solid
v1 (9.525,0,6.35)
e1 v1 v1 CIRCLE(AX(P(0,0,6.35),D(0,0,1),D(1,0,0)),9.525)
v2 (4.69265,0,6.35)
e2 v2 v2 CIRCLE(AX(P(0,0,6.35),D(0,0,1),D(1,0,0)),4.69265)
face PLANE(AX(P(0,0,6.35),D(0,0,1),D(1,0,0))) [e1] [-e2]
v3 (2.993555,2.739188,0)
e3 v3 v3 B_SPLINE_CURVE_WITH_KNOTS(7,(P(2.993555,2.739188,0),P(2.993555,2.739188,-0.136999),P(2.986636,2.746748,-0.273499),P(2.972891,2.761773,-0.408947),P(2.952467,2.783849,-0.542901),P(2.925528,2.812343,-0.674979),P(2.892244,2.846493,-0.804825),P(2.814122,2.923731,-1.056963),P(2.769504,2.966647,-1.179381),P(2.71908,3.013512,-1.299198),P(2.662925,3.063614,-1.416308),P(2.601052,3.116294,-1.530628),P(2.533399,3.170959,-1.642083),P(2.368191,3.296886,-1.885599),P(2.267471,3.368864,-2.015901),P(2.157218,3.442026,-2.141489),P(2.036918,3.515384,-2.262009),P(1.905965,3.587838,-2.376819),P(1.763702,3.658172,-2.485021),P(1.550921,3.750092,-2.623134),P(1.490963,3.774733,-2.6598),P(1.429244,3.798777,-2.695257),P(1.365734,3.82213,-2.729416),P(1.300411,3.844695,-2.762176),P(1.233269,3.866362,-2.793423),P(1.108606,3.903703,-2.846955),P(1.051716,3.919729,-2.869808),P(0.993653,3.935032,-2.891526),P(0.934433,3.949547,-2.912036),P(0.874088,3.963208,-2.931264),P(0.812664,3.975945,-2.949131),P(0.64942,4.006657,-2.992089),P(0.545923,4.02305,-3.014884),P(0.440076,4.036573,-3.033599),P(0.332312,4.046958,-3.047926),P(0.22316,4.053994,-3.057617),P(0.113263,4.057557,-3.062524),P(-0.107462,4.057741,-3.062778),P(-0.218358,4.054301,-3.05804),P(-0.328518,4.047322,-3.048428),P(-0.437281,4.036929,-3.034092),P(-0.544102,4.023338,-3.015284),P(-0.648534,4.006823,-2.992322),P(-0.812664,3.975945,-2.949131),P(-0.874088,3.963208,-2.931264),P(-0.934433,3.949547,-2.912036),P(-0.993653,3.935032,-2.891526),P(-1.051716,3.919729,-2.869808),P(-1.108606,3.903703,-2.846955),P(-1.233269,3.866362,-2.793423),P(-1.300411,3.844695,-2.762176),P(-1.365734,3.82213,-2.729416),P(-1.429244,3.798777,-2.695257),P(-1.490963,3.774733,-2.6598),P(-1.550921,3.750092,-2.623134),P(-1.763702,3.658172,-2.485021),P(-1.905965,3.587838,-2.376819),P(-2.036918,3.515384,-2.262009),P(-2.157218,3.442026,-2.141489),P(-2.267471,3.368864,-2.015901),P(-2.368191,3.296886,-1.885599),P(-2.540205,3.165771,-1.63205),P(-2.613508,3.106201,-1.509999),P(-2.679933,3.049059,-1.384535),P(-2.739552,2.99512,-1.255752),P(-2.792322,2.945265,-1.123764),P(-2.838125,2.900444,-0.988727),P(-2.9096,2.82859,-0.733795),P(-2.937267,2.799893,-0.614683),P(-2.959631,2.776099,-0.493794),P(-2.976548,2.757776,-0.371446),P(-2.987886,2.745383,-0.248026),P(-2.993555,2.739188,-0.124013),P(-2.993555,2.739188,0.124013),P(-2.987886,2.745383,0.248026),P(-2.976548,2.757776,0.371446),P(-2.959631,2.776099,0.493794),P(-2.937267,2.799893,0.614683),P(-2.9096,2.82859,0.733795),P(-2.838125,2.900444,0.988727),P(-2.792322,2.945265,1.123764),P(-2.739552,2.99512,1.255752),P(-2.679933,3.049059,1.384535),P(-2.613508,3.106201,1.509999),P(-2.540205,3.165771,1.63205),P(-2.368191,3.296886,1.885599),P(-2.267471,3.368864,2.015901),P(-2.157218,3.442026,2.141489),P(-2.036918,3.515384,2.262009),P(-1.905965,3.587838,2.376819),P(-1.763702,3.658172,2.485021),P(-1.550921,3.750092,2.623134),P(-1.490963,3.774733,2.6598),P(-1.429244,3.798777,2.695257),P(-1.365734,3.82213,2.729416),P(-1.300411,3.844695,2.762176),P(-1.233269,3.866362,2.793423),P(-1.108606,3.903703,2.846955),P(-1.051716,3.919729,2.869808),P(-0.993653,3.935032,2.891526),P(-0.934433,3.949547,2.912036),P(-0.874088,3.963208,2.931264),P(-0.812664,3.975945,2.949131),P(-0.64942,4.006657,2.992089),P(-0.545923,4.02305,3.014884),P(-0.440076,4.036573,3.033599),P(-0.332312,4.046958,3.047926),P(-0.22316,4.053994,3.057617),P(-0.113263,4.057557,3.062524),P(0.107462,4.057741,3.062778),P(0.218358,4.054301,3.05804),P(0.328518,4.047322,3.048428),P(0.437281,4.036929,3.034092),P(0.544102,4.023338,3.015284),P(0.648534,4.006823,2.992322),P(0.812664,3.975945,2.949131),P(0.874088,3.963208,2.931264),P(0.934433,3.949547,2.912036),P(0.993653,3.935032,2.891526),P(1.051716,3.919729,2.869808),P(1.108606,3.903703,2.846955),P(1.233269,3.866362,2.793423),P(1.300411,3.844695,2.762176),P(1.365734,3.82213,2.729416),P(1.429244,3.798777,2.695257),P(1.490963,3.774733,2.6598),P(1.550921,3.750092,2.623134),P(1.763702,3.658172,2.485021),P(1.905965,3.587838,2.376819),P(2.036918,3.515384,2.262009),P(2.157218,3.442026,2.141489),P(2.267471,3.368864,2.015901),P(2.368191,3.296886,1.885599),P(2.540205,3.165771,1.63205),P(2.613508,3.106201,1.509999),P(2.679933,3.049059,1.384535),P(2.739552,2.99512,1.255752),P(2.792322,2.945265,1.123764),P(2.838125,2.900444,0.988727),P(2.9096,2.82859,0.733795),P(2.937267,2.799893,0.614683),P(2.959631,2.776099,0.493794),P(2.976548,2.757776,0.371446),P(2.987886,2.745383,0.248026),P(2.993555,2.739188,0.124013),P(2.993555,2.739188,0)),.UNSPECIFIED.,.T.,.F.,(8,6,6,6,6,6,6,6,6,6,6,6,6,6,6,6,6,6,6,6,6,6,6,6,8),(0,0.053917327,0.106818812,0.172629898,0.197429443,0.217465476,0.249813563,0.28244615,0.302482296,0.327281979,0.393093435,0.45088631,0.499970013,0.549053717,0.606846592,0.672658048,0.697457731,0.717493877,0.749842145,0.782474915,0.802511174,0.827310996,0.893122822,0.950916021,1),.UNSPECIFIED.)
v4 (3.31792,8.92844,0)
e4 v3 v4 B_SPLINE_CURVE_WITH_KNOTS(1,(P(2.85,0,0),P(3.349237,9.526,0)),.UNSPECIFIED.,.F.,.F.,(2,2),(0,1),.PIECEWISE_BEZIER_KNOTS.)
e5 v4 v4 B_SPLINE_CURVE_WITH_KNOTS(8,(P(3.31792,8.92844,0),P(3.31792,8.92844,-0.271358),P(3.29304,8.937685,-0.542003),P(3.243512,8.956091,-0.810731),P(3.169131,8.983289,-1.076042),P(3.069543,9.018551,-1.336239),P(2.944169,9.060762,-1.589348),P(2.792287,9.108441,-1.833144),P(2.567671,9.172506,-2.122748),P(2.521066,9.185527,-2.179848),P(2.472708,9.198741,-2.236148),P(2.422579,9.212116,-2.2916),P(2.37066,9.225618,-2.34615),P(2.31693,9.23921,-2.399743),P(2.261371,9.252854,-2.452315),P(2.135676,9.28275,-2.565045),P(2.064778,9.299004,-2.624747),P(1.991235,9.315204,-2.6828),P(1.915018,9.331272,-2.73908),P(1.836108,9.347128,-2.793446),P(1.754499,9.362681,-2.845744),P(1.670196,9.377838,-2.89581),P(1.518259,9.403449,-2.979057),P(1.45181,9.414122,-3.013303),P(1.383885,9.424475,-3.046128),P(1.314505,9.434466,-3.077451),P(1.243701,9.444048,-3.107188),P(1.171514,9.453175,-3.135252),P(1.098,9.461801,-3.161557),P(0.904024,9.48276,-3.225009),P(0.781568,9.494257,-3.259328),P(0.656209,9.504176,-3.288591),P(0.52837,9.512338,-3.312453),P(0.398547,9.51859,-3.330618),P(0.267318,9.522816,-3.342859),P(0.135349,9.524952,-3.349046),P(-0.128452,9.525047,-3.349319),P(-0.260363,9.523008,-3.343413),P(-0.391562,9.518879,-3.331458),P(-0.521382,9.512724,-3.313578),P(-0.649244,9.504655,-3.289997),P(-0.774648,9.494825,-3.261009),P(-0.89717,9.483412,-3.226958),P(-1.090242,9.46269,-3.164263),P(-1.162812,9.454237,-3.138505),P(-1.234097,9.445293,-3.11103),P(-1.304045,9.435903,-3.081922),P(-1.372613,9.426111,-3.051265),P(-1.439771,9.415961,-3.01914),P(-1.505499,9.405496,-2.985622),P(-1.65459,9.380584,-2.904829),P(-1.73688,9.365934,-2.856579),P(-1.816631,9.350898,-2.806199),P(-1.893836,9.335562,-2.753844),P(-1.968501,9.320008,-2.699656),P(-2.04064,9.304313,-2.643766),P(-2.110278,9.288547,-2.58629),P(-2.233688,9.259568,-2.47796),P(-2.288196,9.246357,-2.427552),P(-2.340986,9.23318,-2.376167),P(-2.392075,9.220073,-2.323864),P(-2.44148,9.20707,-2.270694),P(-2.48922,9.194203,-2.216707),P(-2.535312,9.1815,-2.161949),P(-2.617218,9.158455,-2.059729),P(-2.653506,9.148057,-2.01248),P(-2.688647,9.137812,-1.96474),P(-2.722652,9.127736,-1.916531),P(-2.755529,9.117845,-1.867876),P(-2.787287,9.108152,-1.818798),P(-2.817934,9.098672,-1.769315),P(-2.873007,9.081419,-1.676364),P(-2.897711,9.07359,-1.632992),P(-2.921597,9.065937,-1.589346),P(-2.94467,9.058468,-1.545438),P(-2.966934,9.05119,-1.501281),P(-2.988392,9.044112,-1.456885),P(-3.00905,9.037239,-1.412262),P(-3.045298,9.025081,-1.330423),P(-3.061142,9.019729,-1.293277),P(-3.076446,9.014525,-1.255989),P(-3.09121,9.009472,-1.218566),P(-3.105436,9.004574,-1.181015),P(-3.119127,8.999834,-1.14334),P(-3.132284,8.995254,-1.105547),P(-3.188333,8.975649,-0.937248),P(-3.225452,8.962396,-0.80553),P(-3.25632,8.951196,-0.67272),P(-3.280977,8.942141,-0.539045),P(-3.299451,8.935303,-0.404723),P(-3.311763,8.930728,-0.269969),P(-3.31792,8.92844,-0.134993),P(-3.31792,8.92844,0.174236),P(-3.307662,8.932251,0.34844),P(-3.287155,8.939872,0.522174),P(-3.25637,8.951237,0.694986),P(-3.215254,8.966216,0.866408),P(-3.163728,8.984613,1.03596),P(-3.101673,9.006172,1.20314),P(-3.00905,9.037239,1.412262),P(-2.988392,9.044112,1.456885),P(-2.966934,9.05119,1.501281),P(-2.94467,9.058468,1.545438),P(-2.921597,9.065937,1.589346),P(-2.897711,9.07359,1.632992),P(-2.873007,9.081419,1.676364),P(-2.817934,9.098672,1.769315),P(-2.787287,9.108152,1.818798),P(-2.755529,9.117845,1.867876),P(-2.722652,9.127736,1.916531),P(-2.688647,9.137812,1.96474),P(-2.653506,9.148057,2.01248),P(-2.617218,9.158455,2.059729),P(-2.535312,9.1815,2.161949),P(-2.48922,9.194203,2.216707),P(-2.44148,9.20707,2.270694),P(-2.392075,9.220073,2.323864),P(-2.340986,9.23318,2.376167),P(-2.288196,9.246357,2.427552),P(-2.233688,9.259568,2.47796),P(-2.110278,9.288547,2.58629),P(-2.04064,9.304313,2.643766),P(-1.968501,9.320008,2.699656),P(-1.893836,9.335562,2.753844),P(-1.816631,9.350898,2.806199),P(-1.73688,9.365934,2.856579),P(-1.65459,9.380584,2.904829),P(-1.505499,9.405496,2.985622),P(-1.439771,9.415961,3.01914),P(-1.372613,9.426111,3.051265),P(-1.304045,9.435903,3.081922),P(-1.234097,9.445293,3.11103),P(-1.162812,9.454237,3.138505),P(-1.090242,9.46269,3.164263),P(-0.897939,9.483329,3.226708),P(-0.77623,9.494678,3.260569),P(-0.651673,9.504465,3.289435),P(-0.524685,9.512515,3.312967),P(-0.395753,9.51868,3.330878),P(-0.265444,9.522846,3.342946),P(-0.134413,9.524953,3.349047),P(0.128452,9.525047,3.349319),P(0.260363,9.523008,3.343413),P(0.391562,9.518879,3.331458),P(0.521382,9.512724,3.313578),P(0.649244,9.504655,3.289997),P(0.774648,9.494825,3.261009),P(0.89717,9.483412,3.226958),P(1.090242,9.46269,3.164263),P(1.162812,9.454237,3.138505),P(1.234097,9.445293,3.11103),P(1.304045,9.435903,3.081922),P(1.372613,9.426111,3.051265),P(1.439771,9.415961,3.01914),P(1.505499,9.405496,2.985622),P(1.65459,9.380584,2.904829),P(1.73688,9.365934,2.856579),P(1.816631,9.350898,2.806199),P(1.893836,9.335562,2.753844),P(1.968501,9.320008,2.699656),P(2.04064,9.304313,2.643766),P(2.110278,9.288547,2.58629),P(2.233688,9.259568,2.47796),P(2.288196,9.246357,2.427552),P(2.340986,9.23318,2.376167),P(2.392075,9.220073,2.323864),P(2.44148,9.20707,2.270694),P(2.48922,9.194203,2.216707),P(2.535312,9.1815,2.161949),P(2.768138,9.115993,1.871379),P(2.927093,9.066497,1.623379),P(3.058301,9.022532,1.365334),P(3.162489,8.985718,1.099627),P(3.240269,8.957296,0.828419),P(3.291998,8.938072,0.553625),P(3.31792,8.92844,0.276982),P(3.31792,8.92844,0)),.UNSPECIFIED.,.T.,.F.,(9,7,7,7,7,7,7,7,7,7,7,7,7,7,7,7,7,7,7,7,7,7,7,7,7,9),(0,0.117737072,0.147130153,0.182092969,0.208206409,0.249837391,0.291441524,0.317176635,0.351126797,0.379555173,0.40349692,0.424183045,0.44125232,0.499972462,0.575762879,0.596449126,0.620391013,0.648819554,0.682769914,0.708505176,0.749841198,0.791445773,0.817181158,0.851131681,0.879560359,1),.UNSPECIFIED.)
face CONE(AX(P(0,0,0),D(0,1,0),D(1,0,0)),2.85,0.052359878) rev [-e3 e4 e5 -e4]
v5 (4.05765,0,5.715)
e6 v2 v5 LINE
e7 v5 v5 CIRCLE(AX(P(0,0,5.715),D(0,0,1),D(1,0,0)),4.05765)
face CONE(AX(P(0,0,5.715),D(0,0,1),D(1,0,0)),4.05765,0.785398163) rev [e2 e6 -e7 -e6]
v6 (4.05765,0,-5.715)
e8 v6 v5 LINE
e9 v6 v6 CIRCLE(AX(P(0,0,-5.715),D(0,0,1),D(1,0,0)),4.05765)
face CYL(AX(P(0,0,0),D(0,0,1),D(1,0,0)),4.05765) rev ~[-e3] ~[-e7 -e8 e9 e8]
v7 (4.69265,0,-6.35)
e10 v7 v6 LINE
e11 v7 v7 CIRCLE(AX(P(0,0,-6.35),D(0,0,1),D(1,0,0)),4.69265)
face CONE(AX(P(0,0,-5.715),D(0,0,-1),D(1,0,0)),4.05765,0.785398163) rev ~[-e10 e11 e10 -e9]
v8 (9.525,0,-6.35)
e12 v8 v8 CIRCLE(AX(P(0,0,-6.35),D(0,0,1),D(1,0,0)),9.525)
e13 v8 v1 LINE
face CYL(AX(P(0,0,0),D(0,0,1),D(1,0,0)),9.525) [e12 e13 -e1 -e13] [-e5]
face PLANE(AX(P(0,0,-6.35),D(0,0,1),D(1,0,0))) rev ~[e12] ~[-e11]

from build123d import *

# Parameters (mm, degrees)
F0_R     = 9.525
F1_DEPTH = 6.35
F2_R     = 4.05765
F3_DEPTH = 12.7
F4_R     = 2.85
F5_DEPTH = 9.526
F5_TAPER = -3
F6_SIZE  = 0.635


with BuildPart() as f1:
    # F0 (on Top) → F1 (new body, symmetric)
    with BuildSketch(Plane.XY):
        Circle(F0_R)
    extrude(amount=F1_DEPTH, both=True)

    # F2 (on Top) → F3 (cut, symmetric)
    with BuildSketch(Plane.XY):
        Circle(F2_R)
    extrude(amount=F3_DEPTH, both=True, mode=Mode.SUBTRACT)

    # F4 (on Front) → F5 (cut, through all)
    with BuildSketch(Plane.XZ):
        Circle(F4_R)
    extrude(amount=-F5_DEPTH, taper=F5_TAPER, mode=Mode.SUBTRACT)

    # F6
    f6_edges = [f1.edges().sort_by_distance(p)[0] for p in [
        (-4.05765, 0, -6.35),
        (-4.05765, 0, 6.35),
    ]]
    chamfer(f6_edges, length=F6_SIZE)


solid = f1.part
